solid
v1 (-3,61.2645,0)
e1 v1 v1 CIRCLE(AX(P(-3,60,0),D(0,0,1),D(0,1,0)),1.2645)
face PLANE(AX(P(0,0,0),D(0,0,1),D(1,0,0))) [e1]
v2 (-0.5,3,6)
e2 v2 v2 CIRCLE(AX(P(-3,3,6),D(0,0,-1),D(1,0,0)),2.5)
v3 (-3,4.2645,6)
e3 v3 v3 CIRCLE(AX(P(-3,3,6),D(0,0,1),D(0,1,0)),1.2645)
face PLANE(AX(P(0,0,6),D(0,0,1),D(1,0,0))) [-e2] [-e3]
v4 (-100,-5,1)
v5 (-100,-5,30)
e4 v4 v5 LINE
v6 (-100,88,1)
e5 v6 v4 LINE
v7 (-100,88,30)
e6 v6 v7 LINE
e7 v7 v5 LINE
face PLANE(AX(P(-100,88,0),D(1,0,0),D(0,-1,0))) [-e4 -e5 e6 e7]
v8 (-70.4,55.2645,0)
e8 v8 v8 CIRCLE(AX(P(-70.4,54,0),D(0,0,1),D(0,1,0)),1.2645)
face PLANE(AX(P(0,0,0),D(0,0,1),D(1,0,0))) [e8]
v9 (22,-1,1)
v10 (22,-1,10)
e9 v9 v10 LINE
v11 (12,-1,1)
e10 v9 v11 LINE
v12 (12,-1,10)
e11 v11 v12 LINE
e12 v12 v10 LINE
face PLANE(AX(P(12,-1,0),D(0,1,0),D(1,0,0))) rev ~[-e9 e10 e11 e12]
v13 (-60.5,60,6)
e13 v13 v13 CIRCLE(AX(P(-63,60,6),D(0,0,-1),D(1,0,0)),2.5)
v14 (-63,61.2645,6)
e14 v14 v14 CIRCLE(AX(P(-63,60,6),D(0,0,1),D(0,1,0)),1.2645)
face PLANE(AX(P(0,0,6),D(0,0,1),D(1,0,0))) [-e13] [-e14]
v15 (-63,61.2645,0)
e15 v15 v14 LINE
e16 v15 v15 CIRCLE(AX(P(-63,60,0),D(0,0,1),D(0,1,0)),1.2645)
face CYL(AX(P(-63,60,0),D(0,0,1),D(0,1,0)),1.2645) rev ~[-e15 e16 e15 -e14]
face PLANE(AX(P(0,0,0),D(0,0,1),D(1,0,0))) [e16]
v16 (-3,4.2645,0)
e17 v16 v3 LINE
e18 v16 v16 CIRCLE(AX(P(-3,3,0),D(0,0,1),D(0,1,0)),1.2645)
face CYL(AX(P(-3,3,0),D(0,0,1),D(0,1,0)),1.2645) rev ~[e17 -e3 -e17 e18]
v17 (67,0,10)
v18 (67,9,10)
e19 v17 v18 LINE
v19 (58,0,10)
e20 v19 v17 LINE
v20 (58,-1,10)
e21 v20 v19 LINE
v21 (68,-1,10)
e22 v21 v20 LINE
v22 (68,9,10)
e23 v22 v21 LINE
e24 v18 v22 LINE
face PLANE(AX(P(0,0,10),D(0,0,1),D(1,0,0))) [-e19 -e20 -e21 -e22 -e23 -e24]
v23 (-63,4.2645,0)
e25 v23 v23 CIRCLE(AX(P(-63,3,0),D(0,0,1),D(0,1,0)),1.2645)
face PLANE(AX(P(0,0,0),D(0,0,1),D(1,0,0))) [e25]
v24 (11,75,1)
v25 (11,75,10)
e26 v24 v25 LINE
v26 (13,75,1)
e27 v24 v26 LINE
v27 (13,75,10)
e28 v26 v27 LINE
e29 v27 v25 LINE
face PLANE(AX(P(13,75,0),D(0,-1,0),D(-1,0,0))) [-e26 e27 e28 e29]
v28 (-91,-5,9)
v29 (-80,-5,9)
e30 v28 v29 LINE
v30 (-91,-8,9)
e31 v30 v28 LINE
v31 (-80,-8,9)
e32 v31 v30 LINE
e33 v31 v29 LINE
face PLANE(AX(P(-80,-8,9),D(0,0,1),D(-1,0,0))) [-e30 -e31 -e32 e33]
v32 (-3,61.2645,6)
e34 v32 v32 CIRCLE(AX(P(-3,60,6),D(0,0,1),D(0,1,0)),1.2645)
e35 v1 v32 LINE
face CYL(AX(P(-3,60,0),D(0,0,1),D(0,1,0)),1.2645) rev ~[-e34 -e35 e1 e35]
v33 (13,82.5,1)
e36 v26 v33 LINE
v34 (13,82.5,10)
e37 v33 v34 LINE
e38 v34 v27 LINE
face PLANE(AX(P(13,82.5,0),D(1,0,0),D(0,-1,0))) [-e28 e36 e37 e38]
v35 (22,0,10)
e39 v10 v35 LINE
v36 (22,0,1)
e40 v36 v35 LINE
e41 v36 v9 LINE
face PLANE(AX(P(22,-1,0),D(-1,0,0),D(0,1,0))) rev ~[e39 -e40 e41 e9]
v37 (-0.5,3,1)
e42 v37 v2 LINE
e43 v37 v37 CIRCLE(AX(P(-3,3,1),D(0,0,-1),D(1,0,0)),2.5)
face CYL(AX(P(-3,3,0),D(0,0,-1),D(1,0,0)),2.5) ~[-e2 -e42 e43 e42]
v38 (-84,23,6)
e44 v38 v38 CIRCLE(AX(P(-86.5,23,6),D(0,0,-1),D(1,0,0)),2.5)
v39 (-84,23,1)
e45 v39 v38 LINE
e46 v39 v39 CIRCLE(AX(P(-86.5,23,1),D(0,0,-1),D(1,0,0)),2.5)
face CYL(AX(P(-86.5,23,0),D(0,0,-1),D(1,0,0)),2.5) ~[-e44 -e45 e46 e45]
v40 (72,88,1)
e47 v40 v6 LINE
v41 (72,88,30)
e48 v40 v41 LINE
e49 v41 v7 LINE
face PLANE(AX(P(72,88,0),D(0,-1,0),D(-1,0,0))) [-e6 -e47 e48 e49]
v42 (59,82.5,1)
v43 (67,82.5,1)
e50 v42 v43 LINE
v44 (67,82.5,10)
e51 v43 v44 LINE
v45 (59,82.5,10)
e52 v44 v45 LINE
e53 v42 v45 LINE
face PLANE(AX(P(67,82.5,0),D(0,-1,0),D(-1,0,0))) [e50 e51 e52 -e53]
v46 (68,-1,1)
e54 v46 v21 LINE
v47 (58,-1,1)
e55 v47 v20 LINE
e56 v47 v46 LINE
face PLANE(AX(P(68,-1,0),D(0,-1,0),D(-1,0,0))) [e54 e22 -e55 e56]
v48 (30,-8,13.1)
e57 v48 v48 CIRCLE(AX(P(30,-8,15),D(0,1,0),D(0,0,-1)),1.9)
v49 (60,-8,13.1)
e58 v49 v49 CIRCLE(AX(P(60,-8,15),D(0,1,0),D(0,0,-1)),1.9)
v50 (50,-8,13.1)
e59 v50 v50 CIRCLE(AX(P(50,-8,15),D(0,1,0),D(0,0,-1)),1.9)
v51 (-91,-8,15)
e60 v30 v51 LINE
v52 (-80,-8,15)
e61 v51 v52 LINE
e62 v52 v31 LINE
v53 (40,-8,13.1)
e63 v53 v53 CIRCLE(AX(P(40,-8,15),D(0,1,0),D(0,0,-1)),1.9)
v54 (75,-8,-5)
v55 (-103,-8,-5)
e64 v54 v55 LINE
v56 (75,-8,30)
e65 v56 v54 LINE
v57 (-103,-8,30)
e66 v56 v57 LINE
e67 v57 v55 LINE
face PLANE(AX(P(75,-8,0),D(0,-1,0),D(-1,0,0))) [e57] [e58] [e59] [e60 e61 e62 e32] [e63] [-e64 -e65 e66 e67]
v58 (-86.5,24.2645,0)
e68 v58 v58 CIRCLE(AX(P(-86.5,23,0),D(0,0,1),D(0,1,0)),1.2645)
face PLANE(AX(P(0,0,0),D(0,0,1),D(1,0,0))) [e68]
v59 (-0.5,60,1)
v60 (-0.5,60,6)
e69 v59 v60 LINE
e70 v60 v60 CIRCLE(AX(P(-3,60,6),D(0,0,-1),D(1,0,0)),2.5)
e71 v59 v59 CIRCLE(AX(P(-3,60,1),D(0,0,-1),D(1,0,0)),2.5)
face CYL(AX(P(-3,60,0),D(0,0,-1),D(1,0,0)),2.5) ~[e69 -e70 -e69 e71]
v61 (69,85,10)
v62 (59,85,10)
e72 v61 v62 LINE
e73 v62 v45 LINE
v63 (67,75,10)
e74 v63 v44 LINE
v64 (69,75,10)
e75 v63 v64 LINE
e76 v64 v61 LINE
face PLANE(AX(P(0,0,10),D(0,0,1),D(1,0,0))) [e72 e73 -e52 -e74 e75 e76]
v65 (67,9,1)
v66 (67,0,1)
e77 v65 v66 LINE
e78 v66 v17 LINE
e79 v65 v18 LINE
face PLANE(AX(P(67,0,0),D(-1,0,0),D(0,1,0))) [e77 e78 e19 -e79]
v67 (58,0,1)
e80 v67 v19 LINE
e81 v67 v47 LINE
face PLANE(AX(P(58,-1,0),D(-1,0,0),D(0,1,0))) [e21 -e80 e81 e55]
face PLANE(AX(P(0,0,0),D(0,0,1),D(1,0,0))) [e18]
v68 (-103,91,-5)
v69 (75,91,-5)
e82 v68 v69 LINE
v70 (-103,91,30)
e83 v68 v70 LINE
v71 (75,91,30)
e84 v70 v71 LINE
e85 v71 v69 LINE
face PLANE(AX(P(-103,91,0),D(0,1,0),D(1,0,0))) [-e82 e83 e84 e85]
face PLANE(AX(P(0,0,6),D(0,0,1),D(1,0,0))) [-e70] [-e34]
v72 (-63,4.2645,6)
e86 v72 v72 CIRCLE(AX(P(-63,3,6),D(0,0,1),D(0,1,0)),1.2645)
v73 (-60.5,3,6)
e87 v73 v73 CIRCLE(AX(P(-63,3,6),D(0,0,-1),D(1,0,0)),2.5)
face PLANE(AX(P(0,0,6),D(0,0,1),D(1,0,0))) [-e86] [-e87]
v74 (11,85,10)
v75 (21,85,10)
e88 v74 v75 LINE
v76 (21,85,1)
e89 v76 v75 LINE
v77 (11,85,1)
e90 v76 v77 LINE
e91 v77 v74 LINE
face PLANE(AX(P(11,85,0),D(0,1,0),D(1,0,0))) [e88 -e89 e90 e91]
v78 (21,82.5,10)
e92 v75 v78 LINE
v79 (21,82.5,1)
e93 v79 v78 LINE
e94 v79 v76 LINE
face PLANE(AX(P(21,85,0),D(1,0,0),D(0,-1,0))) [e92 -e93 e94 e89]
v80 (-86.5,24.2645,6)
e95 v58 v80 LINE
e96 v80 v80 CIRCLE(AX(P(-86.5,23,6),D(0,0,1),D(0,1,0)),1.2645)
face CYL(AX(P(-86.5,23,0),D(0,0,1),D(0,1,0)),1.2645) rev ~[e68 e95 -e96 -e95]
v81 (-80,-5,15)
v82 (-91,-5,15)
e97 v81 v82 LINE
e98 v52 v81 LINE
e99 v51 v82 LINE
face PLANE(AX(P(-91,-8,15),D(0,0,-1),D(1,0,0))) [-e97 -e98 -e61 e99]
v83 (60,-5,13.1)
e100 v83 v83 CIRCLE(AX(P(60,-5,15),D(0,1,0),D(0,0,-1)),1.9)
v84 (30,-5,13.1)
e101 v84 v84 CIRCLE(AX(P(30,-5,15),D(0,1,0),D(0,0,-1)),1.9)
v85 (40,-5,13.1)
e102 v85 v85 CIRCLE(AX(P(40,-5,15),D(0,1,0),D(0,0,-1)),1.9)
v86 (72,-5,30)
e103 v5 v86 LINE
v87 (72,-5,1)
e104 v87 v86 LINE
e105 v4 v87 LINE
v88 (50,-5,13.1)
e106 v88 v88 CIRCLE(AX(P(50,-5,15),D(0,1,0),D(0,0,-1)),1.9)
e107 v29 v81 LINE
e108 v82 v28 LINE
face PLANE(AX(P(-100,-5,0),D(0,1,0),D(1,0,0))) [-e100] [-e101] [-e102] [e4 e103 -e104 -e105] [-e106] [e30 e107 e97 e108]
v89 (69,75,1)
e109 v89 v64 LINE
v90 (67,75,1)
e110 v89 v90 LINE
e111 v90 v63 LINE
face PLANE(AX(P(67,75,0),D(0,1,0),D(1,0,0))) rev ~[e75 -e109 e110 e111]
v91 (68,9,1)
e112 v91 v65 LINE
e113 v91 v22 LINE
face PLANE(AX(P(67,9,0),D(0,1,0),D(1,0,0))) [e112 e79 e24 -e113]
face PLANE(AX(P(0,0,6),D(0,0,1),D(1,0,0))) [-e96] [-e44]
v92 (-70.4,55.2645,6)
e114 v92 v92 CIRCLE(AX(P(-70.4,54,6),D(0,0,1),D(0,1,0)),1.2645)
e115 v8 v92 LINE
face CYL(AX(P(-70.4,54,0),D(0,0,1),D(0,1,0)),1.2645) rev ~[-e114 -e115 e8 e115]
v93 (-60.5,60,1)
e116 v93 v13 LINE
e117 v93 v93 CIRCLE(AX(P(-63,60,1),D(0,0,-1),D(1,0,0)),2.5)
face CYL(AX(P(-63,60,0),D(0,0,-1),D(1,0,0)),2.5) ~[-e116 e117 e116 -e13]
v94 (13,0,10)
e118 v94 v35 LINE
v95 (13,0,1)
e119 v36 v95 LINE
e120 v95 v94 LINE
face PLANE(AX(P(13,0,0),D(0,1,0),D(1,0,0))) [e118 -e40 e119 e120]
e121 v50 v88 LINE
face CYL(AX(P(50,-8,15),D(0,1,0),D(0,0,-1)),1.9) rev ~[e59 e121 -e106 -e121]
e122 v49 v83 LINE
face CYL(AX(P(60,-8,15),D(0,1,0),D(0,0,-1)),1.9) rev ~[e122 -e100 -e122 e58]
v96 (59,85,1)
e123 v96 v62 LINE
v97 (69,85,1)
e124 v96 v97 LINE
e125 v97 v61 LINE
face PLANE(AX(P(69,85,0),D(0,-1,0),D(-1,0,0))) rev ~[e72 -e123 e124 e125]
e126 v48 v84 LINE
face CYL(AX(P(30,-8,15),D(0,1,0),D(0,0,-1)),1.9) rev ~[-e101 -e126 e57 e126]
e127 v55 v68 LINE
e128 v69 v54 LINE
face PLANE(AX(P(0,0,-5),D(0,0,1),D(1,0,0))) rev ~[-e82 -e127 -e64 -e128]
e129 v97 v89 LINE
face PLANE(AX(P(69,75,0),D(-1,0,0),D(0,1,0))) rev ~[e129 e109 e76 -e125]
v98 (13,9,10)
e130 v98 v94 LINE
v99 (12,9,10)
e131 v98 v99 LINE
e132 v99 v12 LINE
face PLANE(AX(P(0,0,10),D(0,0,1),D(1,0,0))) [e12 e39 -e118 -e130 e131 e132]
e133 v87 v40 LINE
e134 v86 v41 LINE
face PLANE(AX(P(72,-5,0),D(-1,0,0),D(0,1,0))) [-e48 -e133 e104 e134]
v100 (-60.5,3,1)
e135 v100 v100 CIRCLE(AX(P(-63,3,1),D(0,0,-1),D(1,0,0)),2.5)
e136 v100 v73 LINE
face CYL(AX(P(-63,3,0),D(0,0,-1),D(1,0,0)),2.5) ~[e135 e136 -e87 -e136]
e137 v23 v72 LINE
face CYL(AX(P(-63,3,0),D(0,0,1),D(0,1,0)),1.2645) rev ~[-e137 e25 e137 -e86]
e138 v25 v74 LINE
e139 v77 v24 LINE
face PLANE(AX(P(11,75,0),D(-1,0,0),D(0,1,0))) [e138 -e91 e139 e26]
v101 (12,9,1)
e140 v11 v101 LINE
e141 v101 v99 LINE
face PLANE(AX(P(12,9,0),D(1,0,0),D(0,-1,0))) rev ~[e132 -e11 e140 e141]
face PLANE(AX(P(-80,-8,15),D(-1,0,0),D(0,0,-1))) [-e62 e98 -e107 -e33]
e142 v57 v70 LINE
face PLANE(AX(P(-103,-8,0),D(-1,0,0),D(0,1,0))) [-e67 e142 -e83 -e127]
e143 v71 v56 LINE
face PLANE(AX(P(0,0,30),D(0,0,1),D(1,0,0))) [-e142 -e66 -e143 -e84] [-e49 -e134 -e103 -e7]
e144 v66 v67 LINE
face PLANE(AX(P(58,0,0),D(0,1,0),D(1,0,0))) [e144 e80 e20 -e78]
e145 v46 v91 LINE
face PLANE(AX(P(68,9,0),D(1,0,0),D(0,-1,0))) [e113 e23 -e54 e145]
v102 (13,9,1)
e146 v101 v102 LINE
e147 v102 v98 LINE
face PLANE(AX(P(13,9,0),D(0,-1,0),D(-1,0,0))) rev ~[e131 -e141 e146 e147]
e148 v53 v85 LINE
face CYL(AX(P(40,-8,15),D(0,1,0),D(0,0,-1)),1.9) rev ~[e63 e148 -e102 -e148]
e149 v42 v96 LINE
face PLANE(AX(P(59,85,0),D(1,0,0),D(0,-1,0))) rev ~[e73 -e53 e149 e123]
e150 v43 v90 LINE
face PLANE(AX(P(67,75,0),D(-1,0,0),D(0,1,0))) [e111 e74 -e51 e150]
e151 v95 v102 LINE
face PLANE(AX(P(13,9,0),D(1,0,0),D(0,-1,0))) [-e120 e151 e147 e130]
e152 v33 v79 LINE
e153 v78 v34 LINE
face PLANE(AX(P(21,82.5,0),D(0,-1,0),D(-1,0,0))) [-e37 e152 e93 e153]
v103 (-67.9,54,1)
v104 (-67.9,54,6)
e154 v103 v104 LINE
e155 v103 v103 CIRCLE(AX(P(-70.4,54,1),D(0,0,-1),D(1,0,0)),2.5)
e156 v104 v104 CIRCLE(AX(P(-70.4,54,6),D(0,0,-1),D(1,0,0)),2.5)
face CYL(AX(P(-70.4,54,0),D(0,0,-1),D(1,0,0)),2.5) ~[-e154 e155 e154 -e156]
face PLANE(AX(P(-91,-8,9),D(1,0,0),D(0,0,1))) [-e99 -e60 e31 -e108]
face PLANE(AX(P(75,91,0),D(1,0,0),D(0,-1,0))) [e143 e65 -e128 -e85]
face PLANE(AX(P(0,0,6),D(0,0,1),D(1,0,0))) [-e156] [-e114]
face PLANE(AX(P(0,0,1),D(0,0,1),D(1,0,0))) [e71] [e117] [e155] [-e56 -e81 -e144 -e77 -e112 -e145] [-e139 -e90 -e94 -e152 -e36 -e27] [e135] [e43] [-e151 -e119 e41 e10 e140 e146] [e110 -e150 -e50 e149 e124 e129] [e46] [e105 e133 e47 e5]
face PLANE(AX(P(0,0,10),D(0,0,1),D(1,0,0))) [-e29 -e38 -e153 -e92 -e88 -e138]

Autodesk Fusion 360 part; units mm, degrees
sketch "ESP32 Devkit Board" plane through (0, 0, 0) normal (0, 0, 1) x (1, 0, 0)
  line L0 (0, 0) -> (-66, 0)
  line L1 (-66, 0) -> (-66, 63)
  line L2 (-66, 63) -> (0, 63)
  line L3 (0, 63) -> (0, 0)
  circle A0 centre (-63, 60) radius 1.5
  circle A1 centre (-3, 60) radius 1.5
  circle A2 centre (-3, 3) radius 1.5
  circle A3 centre (-63, 3) radius 1.5
  line L4 (-67.9, 17) -> (-89, 17)
  line L5 (-89, 17) -> (-89, 60)
  line L6 (-89, 60) -> (-67.9, 60)
  line L7 (-67.9, 60) -> (-67.9, 17)
  circle A4 centre (-70.4, 54) radius 1.5
  circle A5 centre (-86.5, 23) radius 1.5
  line L8 (13, 0) -> (67, 0)
  line L9 (67, 0) -> (67, 82.5)
  line L10 (67, 82.5) -> (13, 82.5)
  line L11 (13, 82.5) -> (13, 0)
  line L12 (-100, -5) -> (72, -5)
  line L13 (72, -5) -> (72, 88)
  line L14 (72, 88) -> (-100, 88)
  line L15 (-100, 88) -> (-100, -5)
  line L16 (12, -1) -> (22, -1)
  line L17 (22, -1) -> (22, 9)
  line L18 (22, 9) -> (12, 9)
  line L19 (12, 9) -> (12, -1)
  line L20 (68, -1) -> (58, -1)
  line L21 (58, -1) -> (58, 9)
  line L22 (58, 9) -> (68, 9)
  line L23 (68, 9) -> (68, -1)
  line L24 (69, 85) -> (59, 85)
  line L25 (59, 85) -> (59, 75)
  line L26 (59, 75) -> (69, 75)
  line L27 (69, 75) -> (69, 85)
  line L28 (11, 85) -> (21, 85)
  line L29 (21, 85) -> (21, 75)
  line L30 (21, 75) -> (11, 75)
  line L31 (11, 75) -> (11, 85)
  line L32 (-103, 91) -> (75, 91)
  line L33 (75, 91) -> (75, -8)
  line L34 (75, -8) -> (-103, -8)
  line L35 (-103, -8) -> (-103, 91)
  dimension "d1" = 66
  dimension "d2" = 63
  dimension "d3" = 3
  dimension "d4" = 3
  dimension "d5" = 3
  dimension "d6" = 3
  dimension "d7" = 3
  dimension "d8" = 3
  dimension "d9" = 3
  dimension "d10" = 3
  dimension "d11" = 3
  dimension "d12" = 3
  dimension "d13" = 3
  dimension "d14" = 3
  dimension "d15" = 21.1
  dimension "d16" = 43
  dimension "d17" = 3
  dimension "d18" = 6
  dimension "d19" = 2.5
  dimension "d20" = 3
  dimension "d21" = 2.5
  dimension "d22" = 6
  dimension "d23" = 54
  dimension "d24" = 82.5
  dimension "d69" = 10
  dimension "d70" = 10
  dimension "d71" = 10
  dimension "d72" = 10
  dimension "d73" = 10
  dimension "d74" = 10
  dimension "d75" = 10
  dimension "d76" = 10
extrude "Extrude1" add sketch "ESP32 Devkit Board" along normal blind 1 contours L0 L1 L2 L3 | A0 | A1 | A2 | A3 | L4 L5 L6 L7 | A4 | A5 | L8 L11 L17 L18 | L8 L11 L16 L17 L18 L19 | L8 L9 L10 L11 L17 L18 L21 L22 L25 L26 L29 L30 | L8 L9 L21 L22 | L8 L9 L20 L21 L22 L23 | L10 L11 L28 L29 L30 L31 | L10 L11 L29 L30 | L9 L10 L25 L26 | L9 L10 L24 L25 L26 L27 | L12 L13 L14 L15 makes body 1
extrude "Extrude2" add sketch "ESP32 Devkit Board" along normal blind 6 separate body contours A4 makes body 2
extrude "Extrude3" add sketch "ESP32 Devkit Board" along normal blind 6 separate body contours A5 makes body 3
extrude "Extrude4" add sketch "ESP32 Devkit Board" along normal blind 6 separate body contours A0 | A1 | A2 | A3 makes body 4 at (-4.3173, 60.7174, 4) makes body 5 at (-1.5019, 2.9252, 4) makes body 6 at (-61.7201, 60.7822, 4) makes body 7 at (-62.5937, 4.4439, 4)
move_face "OffsetFaces1" offset 1 1 faces at (-85.5075, 24.1247, 4) on bodies 3
move_face "OffsetFaces2" offset 1 1 faces at (-62.5937, 4.4439, 4) on bodies 7
move_face "OffsetFaces3" offset 1 1 faces at (-69.4075, 55.1247, 4) on bodies 2
move_face "OffsetFaces4" offset 1 1 faces at (-61.7201, 60.7822, 4) on bodies 6
move_face "OffsetFaces5" offset 1 1 faces at (-4.3173, 60.7174, 4) on bodies 4
move_face "OffsetFaces6" offset 1 1 faces at (-1.5019, 2.9252, 4) on bodies 5
hole "Hole1" at (-63, 60, 0) direction (0, 0, 1) diameter 2.529 depth 16 tip angle 118 bodies 1 6
hole "Hole2" at (-3, 60, 0) direction (0, 0, 1) diameter 2.529 depth 16 tip angle 118 bodies 1 4
hole "Hole3" at (-86.5, 23, 0) direction (0, 0, 1) diameter 2.529 depth 29 tip angle 118 bodies 1 3
hole "Hole4" at (-70.4, 54, 0) direction (0, 0, 1) diameter 2.529 depth 29 tip angle 118 bodies 1 2
hole "Hole5" at (-3, 3, 0) direction (0, 0, 1) diameter 2.529 depth 29 tip angle 118 bodies 1 5
hole "Hole6" at (-63, 3, 0) direction (0, 0, 1) diameter 2.529 depth 29 tip angle 118 bodies 1 7
extrude "Extrude5" add sketch "ESP32 Devkit Board" along normal blind 10 separate body contours L8 L11 L16 L17 L18 L19 | L8 L9 L20 L21 L22 L23 | L10 L11 L28 L29 L30 L31 | L9 L10 L24 L25 L26 L27 makes body 8 at (65.6667, 85, 3.3333) makes body 9 at (15.3333, -1, 3.3333) makes body 10 at (68, 5.6667, 3.3333) makes body 11 at (11, 78.3333, 3.3333)
extrude "Extrude6" add sketch "ESP32 Devkit Board" along normal blind 30 contours L32 L33 L34 L35 bodies 1
sketch "Sketch2" plane through (0, -8, 0) normal (0, -1, 0) x (1, 0, 0)
  line L0 (-103, 0) -> (75, 0)
  line L1 (75, 0) -> (75, 30)
  line L2 (75, 30) -> (-103, 30)
  line L3 (-103, 30) -> (-103, 0)
  circle A0 centre (60, 15) radius 1.4142
  circle A1 centre (50, 15) radius 1
  circle A2 centre (40, 15) radius 1.4923
  circle A3 centre (30, 15) radius 1.4142
  line L4 (-91, 15) -> (-80, 15)
  line L5 (-80, 15) -> (-80, 9)
  line L6 (-80, 9) -> (-91, 9)
  line L7 (-91, 9) -> (-91, 15)
  dimension "d81" = 11
  dimension "d82" = 6
hole "Hole7" at (30, -8, 15) at (40, -8, 15) at (50, -8, 15) at (60, -8, 15) direction (0, 1, 0) diameter 3.8 depth 3 tip angle 118 bodies 1
extrude "Extrude7" cut sketch "Sketch2" against normal blind 9 contours L4 L5 L6 L7 bodies 1
extrude "Extrude8" add sketch "ESP32 Devkit Board" against normal blind 5 contours L0 L1 L2 L3 | A0 | A1 | A2 | A3 | L4 L5 L6 L7 | A4 | A5 | L8 L11 L17 L18 | L8 L11 L16 L17 L18 L19 | L8 L9 L10 L11 L17 L18 L21 L22 L25 L26 L29 L30 | L8 L9 L21 L22 | L8 L9 L20 L21 L22 L23 | L10 L11 L28 L29 L30 L31 | L10 L11 L29 L30 | L9 L10 L25 L26 | L9 L10 L24 L25 L26 L27 | L12 L13 L14 L15 | L32 L33 L34 L35 bodies 1 2 3 4 5 6 7 8 9 10 11
